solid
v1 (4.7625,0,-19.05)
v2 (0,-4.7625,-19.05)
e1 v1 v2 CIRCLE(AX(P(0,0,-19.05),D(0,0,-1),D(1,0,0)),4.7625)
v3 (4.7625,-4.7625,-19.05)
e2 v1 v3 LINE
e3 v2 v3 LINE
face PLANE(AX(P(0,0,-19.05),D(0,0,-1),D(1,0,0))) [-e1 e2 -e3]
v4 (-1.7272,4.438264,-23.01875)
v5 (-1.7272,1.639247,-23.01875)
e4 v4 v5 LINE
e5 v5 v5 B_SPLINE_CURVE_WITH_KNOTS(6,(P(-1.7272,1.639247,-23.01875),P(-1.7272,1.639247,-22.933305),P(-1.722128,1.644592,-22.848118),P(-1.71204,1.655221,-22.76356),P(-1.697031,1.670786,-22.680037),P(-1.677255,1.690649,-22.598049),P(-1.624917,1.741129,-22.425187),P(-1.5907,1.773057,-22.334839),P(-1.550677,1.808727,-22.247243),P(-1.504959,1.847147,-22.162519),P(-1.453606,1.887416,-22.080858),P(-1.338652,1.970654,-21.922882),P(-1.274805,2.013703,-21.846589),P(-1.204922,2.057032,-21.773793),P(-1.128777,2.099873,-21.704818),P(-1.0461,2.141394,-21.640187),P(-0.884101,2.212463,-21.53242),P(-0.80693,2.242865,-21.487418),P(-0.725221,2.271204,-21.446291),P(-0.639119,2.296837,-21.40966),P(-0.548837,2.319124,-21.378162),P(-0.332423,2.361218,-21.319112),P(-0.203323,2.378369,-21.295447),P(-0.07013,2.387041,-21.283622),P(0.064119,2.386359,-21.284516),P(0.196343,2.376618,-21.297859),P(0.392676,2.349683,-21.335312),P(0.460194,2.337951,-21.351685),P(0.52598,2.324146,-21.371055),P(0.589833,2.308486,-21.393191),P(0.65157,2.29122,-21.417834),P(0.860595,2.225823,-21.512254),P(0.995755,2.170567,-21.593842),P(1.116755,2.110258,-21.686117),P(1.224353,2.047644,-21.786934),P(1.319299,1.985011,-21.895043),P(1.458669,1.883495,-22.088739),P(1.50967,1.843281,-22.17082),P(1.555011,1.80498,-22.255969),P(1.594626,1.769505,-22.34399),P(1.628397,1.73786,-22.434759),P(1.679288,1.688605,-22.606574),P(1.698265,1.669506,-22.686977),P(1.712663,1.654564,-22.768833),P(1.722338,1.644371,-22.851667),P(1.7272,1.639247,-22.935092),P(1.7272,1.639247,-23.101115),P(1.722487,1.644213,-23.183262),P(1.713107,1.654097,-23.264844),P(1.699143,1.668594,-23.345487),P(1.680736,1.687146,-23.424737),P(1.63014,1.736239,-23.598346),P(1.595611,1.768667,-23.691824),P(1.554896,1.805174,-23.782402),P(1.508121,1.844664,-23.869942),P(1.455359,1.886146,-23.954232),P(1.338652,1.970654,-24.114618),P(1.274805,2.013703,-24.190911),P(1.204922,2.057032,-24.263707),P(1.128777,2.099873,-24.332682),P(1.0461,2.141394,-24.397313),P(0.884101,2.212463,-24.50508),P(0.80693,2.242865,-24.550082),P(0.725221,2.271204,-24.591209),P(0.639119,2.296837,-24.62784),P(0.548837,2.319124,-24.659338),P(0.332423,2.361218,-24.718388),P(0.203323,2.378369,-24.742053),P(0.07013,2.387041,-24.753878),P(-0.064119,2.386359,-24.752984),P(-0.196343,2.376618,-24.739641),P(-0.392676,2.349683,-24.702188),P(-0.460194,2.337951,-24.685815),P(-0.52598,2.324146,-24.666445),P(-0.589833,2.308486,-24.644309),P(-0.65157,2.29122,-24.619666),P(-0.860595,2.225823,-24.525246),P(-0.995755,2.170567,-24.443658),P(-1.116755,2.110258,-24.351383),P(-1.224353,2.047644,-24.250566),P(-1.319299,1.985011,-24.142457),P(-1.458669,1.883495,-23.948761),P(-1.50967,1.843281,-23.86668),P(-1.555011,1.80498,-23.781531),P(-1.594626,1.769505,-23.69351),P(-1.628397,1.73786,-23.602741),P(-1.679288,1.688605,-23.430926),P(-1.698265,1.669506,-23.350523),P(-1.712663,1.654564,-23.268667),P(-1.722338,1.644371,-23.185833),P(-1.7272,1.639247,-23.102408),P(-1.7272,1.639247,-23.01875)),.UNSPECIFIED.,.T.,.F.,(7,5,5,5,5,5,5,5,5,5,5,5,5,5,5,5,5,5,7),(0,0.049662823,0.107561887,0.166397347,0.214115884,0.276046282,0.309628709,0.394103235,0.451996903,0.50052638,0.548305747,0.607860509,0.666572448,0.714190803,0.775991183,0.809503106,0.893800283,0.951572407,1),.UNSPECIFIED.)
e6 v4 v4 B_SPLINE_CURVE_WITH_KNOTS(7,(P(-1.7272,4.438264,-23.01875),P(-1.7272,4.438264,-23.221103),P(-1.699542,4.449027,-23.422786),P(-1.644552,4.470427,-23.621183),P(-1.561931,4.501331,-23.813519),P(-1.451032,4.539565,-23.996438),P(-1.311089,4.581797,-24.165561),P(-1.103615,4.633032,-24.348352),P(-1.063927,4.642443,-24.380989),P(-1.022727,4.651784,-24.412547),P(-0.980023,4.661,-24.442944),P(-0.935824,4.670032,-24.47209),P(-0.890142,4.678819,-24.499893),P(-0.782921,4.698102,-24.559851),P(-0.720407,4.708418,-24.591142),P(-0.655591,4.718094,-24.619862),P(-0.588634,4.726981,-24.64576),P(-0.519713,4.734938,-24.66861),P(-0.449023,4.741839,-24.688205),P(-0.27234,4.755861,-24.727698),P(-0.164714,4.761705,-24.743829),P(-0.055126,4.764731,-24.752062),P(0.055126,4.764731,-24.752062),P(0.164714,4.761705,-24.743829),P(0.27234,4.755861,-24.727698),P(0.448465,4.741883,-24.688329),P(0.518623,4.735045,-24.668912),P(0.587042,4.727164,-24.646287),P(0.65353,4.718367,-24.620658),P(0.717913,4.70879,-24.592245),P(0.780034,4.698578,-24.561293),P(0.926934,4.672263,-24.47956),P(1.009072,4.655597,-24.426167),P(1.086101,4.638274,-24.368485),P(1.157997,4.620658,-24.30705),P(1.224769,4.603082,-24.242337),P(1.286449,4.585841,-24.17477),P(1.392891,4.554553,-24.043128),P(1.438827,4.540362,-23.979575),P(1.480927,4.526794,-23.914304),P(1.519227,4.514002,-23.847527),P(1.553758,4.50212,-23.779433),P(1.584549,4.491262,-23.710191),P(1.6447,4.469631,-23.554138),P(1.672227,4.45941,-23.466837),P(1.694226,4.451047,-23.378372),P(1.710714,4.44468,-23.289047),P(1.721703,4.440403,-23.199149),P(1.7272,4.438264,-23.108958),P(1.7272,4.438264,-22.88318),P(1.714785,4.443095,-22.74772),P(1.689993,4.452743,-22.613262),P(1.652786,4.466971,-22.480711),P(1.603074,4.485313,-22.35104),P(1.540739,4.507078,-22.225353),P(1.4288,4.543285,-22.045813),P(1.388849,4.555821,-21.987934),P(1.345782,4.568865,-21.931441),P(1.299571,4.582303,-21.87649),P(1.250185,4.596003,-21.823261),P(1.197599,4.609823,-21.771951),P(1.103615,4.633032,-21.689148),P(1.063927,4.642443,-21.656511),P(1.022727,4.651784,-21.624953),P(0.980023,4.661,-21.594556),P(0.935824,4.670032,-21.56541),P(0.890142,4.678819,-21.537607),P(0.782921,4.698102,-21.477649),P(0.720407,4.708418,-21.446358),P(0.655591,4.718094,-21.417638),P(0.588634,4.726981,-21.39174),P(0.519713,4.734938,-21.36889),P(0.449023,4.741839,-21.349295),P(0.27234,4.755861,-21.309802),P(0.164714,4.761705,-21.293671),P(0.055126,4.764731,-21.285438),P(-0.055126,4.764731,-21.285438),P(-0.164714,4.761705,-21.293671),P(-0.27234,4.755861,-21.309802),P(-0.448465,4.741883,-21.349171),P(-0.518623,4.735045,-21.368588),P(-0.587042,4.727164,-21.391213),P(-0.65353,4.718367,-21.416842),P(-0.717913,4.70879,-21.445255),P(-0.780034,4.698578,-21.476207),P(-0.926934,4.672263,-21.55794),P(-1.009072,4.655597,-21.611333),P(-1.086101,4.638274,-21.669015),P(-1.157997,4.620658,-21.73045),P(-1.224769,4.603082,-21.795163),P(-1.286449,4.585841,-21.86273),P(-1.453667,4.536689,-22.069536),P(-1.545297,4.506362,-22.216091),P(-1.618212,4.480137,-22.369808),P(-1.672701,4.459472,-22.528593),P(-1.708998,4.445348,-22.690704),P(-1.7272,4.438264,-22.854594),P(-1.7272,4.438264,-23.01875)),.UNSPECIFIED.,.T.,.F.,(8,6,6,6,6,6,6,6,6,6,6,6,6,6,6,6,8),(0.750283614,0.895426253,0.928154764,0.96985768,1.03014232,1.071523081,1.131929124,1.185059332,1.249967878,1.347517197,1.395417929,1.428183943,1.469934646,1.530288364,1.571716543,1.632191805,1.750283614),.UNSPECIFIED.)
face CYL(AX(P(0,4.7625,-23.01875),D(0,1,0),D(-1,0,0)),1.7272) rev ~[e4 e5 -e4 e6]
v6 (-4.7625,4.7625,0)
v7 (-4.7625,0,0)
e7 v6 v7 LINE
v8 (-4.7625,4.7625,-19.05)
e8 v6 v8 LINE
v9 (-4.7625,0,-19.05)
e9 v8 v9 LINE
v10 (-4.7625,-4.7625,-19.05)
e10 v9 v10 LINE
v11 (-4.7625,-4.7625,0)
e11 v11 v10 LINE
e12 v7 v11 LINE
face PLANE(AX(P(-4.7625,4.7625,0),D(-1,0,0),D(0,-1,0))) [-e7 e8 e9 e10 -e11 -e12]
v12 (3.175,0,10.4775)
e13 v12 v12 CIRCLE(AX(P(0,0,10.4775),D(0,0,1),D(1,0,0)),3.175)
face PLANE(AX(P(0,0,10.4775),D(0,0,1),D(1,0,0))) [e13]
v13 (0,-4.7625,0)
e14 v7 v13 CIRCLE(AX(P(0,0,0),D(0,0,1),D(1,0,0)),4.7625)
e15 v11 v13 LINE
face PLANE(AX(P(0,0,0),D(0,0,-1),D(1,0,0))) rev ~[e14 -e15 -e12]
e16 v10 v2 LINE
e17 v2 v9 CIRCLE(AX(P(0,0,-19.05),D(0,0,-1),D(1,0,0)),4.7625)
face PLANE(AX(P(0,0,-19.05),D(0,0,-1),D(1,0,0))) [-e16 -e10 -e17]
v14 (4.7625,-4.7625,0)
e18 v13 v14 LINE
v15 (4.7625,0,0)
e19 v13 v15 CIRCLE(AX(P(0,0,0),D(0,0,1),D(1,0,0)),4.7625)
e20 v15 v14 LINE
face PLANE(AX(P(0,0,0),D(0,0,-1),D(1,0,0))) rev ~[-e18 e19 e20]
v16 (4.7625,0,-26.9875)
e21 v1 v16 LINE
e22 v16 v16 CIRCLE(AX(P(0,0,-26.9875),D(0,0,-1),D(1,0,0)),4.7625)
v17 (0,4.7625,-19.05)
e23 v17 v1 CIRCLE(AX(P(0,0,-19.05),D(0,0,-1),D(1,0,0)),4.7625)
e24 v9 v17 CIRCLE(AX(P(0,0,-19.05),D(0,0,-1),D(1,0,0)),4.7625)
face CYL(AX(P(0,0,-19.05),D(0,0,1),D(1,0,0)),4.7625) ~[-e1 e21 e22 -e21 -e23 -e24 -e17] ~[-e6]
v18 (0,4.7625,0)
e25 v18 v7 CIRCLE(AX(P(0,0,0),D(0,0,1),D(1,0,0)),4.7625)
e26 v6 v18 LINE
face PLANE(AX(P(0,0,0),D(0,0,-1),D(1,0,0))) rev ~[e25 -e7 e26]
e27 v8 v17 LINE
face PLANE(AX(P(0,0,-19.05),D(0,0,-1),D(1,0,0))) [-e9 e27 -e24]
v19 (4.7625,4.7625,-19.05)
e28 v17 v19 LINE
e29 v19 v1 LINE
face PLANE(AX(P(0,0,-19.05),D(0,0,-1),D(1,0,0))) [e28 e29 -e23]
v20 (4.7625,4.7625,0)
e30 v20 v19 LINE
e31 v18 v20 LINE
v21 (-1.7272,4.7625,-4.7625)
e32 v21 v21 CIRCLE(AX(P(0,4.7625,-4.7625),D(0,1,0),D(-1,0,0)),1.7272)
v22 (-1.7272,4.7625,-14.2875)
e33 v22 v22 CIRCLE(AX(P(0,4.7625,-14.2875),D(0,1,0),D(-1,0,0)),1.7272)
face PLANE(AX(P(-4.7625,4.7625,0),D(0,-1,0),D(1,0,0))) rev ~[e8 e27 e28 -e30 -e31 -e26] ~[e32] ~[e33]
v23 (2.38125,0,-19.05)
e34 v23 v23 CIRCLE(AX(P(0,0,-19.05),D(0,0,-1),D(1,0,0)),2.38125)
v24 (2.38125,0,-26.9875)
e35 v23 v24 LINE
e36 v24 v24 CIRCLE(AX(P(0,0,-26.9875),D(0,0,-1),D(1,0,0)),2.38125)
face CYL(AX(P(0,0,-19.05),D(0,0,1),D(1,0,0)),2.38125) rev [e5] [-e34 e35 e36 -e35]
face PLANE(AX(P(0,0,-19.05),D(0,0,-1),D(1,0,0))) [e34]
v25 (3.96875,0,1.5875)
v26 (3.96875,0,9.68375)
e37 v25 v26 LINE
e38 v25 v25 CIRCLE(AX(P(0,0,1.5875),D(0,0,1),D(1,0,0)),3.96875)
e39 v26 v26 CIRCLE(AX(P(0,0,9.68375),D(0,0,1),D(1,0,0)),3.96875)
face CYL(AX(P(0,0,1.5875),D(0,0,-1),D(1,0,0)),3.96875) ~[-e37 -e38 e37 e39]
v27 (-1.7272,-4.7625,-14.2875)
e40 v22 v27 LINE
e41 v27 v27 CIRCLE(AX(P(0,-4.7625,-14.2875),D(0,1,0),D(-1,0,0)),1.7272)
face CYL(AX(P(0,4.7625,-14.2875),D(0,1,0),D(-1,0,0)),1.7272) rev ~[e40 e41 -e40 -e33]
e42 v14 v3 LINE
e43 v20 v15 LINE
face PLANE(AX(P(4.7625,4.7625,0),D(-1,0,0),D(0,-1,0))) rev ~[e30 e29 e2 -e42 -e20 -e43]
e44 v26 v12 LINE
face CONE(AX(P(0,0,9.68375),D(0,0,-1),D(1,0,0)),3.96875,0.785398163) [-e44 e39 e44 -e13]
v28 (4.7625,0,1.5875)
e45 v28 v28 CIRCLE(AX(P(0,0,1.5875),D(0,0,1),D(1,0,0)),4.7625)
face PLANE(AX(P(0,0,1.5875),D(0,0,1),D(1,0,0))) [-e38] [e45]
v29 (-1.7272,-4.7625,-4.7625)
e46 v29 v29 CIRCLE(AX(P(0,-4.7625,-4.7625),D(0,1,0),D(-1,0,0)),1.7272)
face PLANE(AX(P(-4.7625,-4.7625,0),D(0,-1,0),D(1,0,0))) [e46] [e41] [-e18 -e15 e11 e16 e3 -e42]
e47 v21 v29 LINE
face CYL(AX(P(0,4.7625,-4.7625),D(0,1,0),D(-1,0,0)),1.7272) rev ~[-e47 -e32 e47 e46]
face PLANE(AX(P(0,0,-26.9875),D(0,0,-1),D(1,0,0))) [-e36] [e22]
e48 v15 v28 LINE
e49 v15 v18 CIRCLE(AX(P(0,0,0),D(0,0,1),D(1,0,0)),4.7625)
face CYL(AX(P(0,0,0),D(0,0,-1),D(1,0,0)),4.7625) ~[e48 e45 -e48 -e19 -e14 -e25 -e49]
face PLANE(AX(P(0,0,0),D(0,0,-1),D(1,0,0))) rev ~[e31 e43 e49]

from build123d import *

# Parameters (mm, degrees)
F0_R      = 4.7625
F1_DEPTH  = 1.5875
F2_R      = 3.96875
F3_DEPTH  = 8.89
F4_W      = 9.525
F4_H      = 9.525
F5_DEPTH  = 19.05
F6_SIZE   = 0.79375
F7_R      = 4.7625
F7_R_2    = 2.38125
F8_DEPTH  = 7.9375
F9_R      = 1.7272
F10_DEPTH = 9.525
F11_R     = 1.7272
F12_DEPTH = 4.1232527964


with BuildPart() as f1:
    # F0 (on Top) → F1 (new body)
    with BuildSketch(Plane.XY):
        Circle(F0_R)
    extrude(amount=F1_DEPTH)

    # F2 (on face) → F3 (join)
    with BuildSketch(Plane.XY.offset(1.5875)):
        Circle(F2_R)
    extrude(amount=F3_DEPTH)

    # F4 (on face) → F5 (join)
    with BuildSketch(Plane(origin=(0, 0, 0), x_dir=(1, 0, 0), z_dir=(0, 0, -1))):
        Rectangle(F4_W, F4_H)
    extrude(amount=F5_DEPTH)

    # F6
    f6_edges = [f1.edges().sort_by_distance(p)[0] for p in [
        (-3.96875, 0, 10.4775),
    ]]
    chamfer(f6_edges, length=F6_SIZE)

    # F7 (on face) → F8 (join)
    with BuildSketch(Plane(origin=(0, 0, -19.05), x_dir=(1, 0, 0), z_dir=(0, 0, -1))):
        Circle(F7_R)
        Circle(F7_R_2, mode=Mode.SUBTRACT)
    extrude(amount=F8_DEPTH)

    # F9 (on face) → F10 (cut, through all)
    with BuildSketch(Plane(origin=(0, 4.7625, 0), x_dir=(-1, 0, 0), z_dir=(0, 1, 0))):
        with Locations((0, -4.7625)):
            Circle(F9_R)
        with Locations((0, -14.2875)):
            Circle(F9_R)
    extrude(amount=-F10_DEPTH, mode=Mode.SUBTRACT)

    # F11 (on face) → F12 (cut, up to face)
    with BuildSketch(Plane(origin=(0, 4.7625, 0), x_dir=(-1, 0, 0), z_dir=(0, 1, 0))):
        with Locations((0, -23.01875)):
            Circle(F11_R)
    extrude(amount=-F12_DEPTH, mode=Mode.SUBTRACT)


solid = f1.part
